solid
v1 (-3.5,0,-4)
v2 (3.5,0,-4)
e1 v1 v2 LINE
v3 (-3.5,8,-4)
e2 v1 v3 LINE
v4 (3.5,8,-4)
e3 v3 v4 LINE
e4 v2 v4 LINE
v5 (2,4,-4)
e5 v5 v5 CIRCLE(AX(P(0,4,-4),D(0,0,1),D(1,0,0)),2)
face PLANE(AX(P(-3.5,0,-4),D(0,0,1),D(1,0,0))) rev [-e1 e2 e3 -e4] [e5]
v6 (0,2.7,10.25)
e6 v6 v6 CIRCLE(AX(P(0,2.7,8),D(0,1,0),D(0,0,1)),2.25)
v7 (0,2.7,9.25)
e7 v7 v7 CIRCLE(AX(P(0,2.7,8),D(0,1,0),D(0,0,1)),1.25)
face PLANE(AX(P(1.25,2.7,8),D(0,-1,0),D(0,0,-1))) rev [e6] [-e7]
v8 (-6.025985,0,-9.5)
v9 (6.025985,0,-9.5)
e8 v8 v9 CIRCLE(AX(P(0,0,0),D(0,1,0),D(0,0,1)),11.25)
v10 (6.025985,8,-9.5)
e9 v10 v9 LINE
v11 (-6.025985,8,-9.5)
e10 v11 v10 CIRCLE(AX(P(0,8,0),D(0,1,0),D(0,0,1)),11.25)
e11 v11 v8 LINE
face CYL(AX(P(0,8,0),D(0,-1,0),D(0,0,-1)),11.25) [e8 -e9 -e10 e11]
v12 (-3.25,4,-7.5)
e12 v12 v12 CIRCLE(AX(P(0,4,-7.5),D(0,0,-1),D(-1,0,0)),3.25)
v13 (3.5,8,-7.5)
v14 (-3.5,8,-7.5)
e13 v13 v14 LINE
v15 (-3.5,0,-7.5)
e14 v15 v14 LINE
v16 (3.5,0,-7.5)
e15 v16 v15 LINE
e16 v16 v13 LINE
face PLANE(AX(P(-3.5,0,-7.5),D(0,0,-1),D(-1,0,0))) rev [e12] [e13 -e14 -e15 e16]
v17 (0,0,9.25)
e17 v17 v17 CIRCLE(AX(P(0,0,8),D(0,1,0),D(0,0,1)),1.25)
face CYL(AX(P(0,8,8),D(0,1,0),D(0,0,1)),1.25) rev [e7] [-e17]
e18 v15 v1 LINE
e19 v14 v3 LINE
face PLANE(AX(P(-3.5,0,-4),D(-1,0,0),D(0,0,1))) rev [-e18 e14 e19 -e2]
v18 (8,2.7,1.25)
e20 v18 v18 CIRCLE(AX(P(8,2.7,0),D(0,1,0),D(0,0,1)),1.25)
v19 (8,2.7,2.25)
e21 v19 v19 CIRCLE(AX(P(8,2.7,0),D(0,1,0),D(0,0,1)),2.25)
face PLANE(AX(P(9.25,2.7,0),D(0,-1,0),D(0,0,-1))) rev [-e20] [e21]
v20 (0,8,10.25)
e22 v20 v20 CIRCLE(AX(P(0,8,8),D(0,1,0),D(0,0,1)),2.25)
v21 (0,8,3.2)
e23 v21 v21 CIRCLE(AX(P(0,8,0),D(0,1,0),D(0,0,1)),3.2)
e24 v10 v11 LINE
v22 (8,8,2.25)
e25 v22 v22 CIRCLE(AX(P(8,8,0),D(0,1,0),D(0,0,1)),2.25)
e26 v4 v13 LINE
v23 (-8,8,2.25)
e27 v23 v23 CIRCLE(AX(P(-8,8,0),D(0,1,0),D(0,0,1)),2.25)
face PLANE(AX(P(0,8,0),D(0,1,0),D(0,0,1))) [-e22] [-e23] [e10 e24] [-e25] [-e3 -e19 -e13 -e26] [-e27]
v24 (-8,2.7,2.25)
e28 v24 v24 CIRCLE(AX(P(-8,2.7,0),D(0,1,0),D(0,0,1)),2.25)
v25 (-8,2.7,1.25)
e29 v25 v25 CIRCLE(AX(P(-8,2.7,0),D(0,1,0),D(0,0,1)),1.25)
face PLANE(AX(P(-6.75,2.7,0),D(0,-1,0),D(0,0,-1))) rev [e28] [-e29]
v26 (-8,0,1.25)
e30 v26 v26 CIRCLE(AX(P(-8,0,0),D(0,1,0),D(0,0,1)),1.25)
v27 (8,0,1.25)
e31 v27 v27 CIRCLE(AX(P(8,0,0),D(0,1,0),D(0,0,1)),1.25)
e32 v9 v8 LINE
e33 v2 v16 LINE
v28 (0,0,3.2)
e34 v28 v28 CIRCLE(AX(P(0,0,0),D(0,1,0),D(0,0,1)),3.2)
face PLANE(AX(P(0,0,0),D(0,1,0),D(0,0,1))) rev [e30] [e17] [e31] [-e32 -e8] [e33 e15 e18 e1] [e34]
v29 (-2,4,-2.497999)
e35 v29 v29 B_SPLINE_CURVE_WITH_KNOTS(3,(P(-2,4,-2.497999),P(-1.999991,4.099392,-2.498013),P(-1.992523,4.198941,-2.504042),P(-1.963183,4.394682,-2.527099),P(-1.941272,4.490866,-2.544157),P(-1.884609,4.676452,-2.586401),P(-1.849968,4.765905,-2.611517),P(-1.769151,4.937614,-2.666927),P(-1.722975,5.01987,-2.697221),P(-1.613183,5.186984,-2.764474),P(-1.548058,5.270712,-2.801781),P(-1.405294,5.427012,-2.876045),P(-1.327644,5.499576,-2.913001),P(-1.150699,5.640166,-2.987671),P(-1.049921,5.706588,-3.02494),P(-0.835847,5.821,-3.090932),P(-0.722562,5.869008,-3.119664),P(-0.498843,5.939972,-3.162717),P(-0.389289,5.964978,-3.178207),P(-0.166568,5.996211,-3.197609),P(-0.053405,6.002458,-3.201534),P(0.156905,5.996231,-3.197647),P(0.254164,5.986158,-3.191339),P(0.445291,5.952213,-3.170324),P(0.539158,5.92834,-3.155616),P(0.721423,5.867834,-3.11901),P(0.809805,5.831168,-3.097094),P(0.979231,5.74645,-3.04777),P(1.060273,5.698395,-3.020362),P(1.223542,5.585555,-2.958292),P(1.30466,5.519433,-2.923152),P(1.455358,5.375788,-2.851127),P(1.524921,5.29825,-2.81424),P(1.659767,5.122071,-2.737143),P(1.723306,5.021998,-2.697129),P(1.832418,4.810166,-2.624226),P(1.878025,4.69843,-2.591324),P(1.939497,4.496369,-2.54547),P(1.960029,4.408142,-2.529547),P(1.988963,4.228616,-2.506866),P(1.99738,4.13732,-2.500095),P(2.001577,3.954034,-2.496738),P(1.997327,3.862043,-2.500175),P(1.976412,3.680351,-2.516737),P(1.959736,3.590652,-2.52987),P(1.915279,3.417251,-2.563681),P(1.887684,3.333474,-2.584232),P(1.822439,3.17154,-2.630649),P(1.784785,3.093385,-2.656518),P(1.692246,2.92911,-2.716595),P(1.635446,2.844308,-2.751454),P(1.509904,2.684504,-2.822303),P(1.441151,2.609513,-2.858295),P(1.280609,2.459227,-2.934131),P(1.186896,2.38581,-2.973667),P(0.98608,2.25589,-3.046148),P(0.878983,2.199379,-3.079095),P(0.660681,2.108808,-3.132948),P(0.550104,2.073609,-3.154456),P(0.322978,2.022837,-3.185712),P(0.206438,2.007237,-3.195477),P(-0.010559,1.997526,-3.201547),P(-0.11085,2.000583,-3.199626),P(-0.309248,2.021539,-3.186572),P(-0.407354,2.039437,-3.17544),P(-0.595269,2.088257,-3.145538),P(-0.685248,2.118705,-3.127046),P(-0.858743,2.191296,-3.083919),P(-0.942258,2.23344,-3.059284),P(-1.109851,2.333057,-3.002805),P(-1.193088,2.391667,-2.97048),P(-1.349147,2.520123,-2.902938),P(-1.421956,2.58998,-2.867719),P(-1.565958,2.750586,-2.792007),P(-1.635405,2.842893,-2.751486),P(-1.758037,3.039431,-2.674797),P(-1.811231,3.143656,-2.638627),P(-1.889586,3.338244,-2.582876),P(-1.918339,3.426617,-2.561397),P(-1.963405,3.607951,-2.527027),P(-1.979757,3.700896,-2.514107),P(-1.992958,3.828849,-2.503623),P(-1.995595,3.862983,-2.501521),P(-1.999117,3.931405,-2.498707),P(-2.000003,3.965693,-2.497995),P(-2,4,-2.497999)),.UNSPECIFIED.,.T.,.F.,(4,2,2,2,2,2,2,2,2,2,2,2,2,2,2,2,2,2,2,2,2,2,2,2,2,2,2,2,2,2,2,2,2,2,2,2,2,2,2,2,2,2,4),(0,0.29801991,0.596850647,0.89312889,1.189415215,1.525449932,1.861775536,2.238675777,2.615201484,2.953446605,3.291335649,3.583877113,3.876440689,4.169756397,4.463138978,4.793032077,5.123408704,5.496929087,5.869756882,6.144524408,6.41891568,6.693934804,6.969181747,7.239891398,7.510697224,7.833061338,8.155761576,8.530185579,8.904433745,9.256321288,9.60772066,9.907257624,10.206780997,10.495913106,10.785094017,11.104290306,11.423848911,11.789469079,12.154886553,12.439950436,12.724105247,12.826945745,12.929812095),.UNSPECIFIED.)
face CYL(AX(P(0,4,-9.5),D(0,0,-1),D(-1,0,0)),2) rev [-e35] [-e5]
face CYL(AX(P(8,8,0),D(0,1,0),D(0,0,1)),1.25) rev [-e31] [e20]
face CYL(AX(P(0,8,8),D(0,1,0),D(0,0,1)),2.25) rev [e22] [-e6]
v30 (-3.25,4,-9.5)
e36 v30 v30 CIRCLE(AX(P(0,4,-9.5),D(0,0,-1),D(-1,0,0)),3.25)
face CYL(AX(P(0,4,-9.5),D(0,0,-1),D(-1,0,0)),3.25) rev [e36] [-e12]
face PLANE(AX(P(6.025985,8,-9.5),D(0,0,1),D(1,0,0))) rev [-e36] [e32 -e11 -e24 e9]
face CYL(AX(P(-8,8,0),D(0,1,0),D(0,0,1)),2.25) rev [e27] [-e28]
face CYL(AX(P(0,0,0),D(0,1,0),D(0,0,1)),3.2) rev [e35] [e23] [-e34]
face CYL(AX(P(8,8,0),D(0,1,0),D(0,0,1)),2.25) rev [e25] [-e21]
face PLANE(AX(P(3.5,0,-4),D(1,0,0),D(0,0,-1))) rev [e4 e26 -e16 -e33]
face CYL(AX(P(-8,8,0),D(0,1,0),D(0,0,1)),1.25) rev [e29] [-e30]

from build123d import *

# Parameters (mm, degrees)
BOSS_EXTRU_1_DEPTH                              = 8
SKETCH1_R                                       = 3.2
CUT_EXTRUDE1_DEPTH                              = 18.808003819
ESQUISSE7_W                                     = 7
ESQUISSE7_H                                     = 3.5
ENL_V_MAT_EXTRU_2_DEPTH                         = 18.808003819
CHAMBRAGE_POUR_VIS_T_TE_CYLINDRIQUE_D           = 2.5
CHAMBRAGE_POUR_VIS_T_TE_CYLINDRIQUE_CBORE_D     = 4.5
CHAMBRAGE_POUR_VIS_T_TE_CYLINDRIQUE_CBORE_DEPTH = 5.3
CBORE_FOR_M5_HEX_HEAD_BOLT1_D                   = 4
CBORE_FOR_M5_HEX_HEAD_BOLT1_DEPTH               = 9.499
CBORE_FOR_M5_HEX_HEAD_BOLT1_CBORE_D             = 6.5
CBORE_FOR_M5_HEX_HEAD_BOLT1_CBORE_DEPTH         = 2
CBORE_FOR_M5_HEX_HEAD_BOLT1_TIP                 = 1.201721238


with BuildPart() as part:
    # Esquisse1 → Boss.-Extru.1 (new body)
    with BuildSketch(Plane(origin=(0, 0, 0), x_dir=(1, 0, 0), z_dir=(0, 1, 0))):
        with BuildLine():
            Line((6.025985397, 9.5), (-6.025985397, 9.5))
            ThreePointArc((-6.025985397, 9.5), (0, -11.25), (6.025985397, 9.5))
        make_face()
    extrude(amount=BOSS_EXTRU_1_DEPTH)

    # Sketch1 → Cut-Extrude1 (cut, through all)
    with BuildSketch(Plane(origin=(0, 8, 0), x_dir=(1, 0, 0), z_dir=(0, 1, 0))):
        with Locations(Location((0, 0, 0), (0, 0, 270))):
            Circle(SKETCH1_R)
    extrude(amount=-CUT_EXTRUDE1_DEPTH, mode=Mode.SUBTRACT)

    # Esquisse7 → Enlèv. mat.-Extru.2 (cut, through all)
    with BuildSketch(Plane(origin=(0, 8, 0), x_dir=(1, 0, 0), z_dir=(0, 1, 0))):
        with Locations((0, 5.75)):
            Rectangle(ESQUISSE7_W, ESQUISSE7_H)
    extrude(amount=-ENL_V_MAT_EXTRU_2_DEPTH, mode=Mode.SUBTRACT)

    # Chambrage pour vis à tête cylindrique à 6 pans creux (ou vis CHC) M21 (through all)
    with Locations(Plane(origin=(0, 8, 0), x_dir=(1, 0, 0), z_dir=(0, 1, 0))):
        with Locations((-8, 0), (0, -8), (8, 0)):
            CounterBoreHole(CHAMBRAGE_POUR_VIS_T_TE_CYLINDRIQUE_D / 2, CHAMBRAGE_POUR_VIS_T_TE_CYLINDRIQUE_CBORE_D / 2, CHAMBRAGE_POUR_VIS_T_TE_CYLINDRIQUE_CBORE_DEPTH)

    # CBORE for M5 Hex Head Bolt1
    with Locations(Plane(origin=(0, 0, -9.5), x_dir=(-1, 0, 0), z_dir=(0, 0, -1))):
        with Locations((0, 4)):
            CounterBoreHole(CBORE_FOR_M5_HEX_HEAD_BOLT1_D / 2, CBORE_FOR_M5_HEX_HEAD_BOLT1_CBORE_D / 2, CBORE_FOR_M5_HEX_HEAD_BOLT1_CBORE_DEPTH, depth=CBORE_FOR_M5_HEX_HEAD_BOLT1_DEPTH)
            with Locations((0, 0, -(CBORE_FOR_M5_HEX_HEAD_BOLT1_DEPTH + CBORE_FOR_M5_HEX_HEAD_BOLT1_TIP / 2))):  # 118° drill point
                Cone(0, CBORE_FOR_M5_HEX_HEAD_BOLT1_D / 2, CBORE_FOR_M5_HEX_HEAD_BOLT1_TIP, mode=Mode.SUBTRACT)


solid = part.part
